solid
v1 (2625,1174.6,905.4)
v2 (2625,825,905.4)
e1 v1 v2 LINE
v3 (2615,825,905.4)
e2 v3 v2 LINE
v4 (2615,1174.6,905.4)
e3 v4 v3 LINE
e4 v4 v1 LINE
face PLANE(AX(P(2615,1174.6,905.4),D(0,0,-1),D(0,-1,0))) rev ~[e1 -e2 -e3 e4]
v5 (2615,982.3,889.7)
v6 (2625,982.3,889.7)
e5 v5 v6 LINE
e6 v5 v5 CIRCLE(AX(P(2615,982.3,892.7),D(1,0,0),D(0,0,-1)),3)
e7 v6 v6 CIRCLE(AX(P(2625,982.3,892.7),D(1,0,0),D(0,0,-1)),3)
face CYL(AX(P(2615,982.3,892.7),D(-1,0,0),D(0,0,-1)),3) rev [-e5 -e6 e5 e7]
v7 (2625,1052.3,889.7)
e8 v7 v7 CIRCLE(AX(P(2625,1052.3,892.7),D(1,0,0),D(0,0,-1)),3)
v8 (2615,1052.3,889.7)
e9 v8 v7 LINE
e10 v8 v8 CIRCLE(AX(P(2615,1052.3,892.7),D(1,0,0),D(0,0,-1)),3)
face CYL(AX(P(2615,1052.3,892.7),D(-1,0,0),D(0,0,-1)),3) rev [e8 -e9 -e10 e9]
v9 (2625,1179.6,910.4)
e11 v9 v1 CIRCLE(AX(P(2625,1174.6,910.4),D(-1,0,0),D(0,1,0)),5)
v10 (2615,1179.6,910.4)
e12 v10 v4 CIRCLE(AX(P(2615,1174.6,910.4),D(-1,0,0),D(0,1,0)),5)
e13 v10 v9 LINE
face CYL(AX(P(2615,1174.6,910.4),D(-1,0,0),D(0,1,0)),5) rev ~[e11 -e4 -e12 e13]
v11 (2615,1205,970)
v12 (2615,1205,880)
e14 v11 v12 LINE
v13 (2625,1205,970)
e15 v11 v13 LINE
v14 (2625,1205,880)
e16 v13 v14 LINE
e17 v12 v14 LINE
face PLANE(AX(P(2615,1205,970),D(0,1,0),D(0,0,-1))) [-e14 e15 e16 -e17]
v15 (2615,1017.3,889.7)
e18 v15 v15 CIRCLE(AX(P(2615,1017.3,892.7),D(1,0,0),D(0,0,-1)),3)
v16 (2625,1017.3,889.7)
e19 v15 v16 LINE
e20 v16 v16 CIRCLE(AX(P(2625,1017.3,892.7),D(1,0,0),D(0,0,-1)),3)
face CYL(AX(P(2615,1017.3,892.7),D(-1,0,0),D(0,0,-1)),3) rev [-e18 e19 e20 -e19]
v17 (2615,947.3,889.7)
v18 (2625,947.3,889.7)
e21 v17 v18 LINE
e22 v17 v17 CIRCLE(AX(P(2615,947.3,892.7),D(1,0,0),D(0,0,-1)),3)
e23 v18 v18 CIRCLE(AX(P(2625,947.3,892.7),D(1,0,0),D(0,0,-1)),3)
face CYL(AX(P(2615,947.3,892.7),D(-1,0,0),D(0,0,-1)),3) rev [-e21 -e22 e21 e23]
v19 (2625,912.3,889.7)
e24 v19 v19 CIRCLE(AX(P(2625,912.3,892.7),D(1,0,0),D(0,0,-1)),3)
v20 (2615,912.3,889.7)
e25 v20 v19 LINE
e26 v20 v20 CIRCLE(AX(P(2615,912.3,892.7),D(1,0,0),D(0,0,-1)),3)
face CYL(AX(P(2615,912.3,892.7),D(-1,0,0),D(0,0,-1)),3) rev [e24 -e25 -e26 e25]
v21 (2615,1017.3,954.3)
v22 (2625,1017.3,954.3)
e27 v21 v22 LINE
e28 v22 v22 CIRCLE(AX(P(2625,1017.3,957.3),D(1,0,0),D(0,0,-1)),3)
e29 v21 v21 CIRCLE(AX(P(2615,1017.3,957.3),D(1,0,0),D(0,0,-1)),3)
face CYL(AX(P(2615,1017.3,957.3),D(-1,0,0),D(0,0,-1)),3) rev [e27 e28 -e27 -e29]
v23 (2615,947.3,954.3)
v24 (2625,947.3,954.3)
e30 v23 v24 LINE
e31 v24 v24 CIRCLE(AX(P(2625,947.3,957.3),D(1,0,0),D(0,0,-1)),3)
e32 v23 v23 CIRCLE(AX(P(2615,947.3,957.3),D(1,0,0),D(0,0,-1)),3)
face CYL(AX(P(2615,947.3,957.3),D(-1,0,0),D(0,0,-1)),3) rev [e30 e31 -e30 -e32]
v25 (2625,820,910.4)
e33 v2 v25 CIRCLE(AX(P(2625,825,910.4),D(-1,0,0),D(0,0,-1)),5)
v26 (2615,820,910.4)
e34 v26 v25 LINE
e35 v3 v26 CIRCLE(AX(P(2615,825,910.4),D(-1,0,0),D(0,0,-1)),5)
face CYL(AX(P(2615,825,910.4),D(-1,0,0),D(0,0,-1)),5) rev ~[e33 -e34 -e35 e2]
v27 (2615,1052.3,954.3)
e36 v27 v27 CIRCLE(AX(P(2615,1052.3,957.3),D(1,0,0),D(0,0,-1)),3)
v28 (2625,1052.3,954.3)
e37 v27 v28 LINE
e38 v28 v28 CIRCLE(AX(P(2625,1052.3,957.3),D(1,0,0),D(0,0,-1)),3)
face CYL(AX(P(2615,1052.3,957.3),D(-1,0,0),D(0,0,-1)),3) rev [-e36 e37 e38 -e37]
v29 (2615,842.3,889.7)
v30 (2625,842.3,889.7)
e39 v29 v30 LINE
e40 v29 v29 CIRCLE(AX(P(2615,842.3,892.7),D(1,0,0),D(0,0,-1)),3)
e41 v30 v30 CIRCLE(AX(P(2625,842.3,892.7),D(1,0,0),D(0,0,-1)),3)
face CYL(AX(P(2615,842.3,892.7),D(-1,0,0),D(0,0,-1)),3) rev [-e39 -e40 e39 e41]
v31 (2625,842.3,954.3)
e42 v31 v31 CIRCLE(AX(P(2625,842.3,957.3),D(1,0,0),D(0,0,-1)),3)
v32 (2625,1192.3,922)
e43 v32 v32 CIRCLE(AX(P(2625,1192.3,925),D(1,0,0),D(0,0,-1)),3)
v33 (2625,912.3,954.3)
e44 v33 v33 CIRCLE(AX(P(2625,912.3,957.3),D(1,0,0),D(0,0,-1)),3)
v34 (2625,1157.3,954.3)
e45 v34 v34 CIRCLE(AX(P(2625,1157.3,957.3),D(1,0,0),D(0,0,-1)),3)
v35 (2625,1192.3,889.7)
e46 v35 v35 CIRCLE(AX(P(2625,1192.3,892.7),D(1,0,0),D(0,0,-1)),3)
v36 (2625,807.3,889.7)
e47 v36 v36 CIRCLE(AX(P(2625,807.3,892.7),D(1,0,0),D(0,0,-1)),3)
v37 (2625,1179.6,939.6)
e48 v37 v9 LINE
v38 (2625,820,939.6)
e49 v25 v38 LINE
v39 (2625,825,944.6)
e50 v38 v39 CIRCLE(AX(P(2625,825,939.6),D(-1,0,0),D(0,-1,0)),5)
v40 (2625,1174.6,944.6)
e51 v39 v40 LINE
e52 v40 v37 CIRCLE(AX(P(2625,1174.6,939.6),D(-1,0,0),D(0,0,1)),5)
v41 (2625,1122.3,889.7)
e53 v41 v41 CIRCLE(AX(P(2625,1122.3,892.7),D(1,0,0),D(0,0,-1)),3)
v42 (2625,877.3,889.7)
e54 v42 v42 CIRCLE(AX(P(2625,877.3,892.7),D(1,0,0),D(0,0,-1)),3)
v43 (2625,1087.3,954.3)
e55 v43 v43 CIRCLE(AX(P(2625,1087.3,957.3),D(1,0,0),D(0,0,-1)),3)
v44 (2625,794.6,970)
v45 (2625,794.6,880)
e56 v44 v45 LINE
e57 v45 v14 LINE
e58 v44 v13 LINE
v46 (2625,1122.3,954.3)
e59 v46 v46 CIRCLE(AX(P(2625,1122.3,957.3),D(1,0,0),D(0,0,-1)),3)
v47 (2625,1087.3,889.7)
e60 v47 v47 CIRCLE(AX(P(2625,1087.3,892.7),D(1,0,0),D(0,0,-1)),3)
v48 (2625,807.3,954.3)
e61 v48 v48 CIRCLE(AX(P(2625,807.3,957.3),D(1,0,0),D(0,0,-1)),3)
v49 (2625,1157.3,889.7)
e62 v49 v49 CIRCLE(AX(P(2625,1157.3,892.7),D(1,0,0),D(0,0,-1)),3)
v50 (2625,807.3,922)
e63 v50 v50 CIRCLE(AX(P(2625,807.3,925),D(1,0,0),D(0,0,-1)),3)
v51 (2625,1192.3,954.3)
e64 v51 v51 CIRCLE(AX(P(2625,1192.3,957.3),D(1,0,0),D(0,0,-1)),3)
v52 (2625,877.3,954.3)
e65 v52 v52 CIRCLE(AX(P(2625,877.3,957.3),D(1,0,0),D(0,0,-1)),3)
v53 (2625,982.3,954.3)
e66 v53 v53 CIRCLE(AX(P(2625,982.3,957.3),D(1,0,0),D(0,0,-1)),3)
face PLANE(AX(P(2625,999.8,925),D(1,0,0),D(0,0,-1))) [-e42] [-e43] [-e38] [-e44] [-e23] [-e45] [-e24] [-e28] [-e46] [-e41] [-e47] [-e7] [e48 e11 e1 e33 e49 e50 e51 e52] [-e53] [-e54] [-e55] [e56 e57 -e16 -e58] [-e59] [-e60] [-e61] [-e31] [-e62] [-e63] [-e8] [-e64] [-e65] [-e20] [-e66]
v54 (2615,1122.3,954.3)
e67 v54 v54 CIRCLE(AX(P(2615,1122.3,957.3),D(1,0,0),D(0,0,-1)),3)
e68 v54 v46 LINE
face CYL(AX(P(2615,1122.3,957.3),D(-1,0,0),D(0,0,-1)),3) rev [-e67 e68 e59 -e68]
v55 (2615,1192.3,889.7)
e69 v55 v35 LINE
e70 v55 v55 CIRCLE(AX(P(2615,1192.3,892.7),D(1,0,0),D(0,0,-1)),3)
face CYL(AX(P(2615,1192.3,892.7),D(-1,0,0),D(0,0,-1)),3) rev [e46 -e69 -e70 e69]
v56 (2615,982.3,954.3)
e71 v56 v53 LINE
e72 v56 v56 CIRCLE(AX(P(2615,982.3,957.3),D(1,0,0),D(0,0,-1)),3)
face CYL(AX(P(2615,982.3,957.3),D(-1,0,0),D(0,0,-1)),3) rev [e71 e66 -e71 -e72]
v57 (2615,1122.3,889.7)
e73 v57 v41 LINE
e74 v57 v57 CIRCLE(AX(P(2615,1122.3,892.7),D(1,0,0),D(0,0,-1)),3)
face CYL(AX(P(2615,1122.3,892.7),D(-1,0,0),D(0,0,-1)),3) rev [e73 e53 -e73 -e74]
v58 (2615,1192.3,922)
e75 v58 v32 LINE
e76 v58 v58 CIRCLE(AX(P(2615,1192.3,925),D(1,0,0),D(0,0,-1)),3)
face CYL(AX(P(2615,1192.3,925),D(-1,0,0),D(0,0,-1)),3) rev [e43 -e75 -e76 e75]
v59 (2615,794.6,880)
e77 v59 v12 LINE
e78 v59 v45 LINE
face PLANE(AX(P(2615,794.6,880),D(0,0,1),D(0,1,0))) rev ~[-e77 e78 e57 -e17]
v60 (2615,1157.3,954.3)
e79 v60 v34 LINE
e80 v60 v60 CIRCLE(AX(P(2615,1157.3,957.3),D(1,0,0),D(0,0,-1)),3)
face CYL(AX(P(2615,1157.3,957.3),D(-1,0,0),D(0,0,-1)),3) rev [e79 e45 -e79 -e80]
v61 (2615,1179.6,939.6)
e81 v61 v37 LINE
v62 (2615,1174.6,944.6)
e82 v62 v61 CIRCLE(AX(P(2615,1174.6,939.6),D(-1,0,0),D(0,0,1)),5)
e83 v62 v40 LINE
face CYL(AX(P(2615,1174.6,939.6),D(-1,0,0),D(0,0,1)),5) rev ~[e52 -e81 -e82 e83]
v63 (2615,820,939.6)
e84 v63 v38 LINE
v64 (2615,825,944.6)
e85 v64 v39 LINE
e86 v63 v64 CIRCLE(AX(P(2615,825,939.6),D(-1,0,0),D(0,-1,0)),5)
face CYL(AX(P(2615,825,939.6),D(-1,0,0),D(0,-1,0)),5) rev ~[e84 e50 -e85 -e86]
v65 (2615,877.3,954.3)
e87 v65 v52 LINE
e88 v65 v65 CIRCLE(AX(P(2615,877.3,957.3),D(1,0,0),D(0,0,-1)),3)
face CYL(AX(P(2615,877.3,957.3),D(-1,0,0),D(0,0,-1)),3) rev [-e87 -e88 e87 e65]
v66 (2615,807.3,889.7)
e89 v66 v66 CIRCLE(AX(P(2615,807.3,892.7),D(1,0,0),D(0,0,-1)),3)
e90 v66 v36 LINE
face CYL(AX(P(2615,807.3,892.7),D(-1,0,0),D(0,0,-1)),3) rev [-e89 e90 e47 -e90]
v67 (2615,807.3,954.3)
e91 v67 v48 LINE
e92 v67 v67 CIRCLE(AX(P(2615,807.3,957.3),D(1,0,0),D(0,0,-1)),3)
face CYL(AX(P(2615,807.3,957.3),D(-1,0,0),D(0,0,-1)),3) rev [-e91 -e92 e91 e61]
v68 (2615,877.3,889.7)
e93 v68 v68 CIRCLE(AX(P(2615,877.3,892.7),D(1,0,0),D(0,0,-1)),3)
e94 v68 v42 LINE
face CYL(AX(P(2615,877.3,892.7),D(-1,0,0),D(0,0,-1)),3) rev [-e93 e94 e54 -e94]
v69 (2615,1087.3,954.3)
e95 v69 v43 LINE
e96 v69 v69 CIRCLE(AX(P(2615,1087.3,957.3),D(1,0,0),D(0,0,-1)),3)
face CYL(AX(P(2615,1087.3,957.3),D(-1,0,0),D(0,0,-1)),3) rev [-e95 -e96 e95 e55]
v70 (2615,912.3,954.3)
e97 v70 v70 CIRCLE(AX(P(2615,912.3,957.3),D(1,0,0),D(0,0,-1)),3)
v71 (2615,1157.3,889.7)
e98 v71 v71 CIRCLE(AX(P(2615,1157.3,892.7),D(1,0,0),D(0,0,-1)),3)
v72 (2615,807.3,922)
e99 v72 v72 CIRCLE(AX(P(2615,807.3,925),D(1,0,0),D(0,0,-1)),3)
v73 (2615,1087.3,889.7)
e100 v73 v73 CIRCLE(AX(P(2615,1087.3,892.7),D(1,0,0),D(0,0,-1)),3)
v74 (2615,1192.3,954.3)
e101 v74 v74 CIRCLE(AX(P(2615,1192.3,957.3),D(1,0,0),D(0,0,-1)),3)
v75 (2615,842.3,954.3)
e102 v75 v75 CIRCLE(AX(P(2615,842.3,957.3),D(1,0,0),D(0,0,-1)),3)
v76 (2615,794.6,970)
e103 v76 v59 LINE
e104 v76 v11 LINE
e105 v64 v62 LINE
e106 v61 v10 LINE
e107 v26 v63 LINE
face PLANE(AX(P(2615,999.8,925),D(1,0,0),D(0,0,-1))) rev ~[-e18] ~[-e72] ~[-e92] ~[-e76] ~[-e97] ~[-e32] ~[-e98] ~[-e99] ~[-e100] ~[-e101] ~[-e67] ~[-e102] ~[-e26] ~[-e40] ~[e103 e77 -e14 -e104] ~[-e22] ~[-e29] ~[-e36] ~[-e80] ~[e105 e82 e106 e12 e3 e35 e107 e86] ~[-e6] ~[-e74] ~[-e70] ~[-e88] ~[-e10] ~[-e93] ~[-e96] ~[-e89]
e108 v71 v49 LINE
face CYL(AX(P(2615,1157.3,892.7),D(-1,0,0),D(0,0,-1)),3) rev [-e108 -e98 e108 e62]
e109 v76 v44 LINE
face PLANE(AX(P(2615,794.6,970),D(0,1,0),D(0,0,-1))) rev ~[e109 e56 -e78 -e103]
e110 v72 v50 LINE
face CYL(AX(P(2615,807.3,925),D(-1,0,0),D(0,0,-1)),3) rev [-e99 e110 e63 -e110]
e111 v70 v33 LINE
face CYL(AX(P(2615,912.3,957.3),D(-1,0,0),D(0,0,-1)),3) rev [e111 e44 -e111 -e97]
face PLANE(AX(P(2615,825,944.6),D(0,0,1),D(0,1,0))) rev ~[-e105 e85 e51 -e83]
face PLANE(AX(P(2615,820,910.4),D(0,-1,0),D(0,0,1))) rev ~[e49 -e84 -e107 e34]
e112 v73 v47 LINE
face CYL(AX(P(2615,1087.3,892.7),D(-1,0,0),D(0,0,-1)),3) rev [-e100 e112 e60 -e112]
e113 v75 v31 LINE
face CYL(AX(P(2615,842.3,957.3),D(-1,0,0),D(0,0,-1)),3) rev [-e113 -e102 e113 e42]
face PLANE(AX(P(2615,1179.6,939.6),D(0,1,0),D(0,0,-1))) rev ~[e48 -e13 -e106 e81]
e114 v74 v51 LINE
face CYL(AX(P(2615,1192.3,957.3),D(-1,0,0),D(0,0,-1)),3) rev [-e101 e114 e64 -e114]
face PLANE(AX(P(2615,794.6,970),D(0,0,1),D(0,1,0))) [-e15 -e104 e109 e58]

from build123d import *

# Parameters (mm, degrees)
SKETCH1_W           = 90
SKETCH1_H           = 410.4
SKETCH1_R           = 3
BOSS_EXTRUDE1_DEPTH = 10


with BuildPart() as part:
    # Sketch1 → Boss-Extrude1 (new body)
    with BuildSketch(Plane(origin=(2615, 0, 0), x_dir=(0, 0, -1), z_dir=(1, 0, 0))):
        with Locations((-925, 999.8)):
            Rectangle(SKETCH1_W, SKETCH1_H)
        with Locations((-957.3, 807.3)):
            Circle(SKETCH1_R, mode=Mode.SUBTRACT)
        with Locations((-892.7, 807.3)):
            Circle(SKETCH1_R, mode=Mode.SUBTRACT)
        with Locations((-957.3, 842.3)):
            Circle(SKETCH1_R, mode=Mode.SUBTRACT)
        with Locations((-892.7, 842.3)):
            Circle(SKETCH1_R, mode=Mode.SUBTRACT)
        with Locations((-957.3, 877.3)):
            Circle(SKETCH1_R, mode=Mode.SUBTRACT)
        with Locations((-892.7, 877.3)):
            Circle(SKETCH1_R, mode=Mode.SUBTRACT)
        with Locations((-957.3, 912.3)):
            Circle(SKETCH1_R, mode=Mode.SUBTRACT)
        with Locations((-892.7, 912.3)):
            Circle(SKETCH1_R, mode=Mode.SUBTRACT)
        with Locations((-957.3, 947.3)):
            Circle(SKETCH1_R, mode=Mode.SUBTRACT)
        with Locations((-892.7, 947.3)):
            Circle(SKETCH1_R, mode=Mode.SUBTRACT)
        with Locations((-957.3, 982.3)):
            Circle(SKETCH1_R, mode=Mode.SUBTRACT)
        with Locations((-892.7, 982.3)):
            Circle(SKETCH1_R, mode=Mode.SUBTRACT)
        with Locations((-957.3, 1017.3)):
            Circle(SKETCH1_R, mode=Mode.SUBTRACT)
        with Locations((-892.7, 1017.3)):
            Circle(SKETCH1_R, mode=Mode.SUBTRACT)
        with Locations((-957.3, 1052.3)):
            Circle(SKETCH1_R, mode=Mode.SUBTRACT)
        with Locations((-892.7, 1052.3)):
            Circle(SKETCH1_R, mode=Mode.SUBTRACT)
        with Locations((-957.3, 1087.3)):
            Circle(SKETCH1_R, mode=Mode.SUBTRACT)
        with Locations((-892.7, 1087.3)):
            Circle(SKETCH1_R, mode=Mode.SUBTRACT)
        with Locations((-957.3, 1122.3)):
            Circle(SKETCH1_R, mode=Mode.SUBTRACT)
        with Locations((-892.7, 1122.3)):
            Circle(SKETCH1_R, mode=Mode.SUBTRACT)
        with Locations((-957.3, 1157.3)):
            Circle(SKETCH1_R, mode=Mode.SUBTRACT)
        with Locations((-892.7, 1157.3)):
            Circle(SKETCH1_R, mode=Mode.SUBTRACT)
        with Locations((-957.3, 1192.3)):
            Circle(SKETCH1_R, mode=Mode.SUBTRACT)
        with Locations((-892.7, 1192.3)):
            Circle(SKETCH1_R, mode=Mode.SUBTRACT)
        with Locations((-925, 807.3)):
            Circle(SKETCH1_R, mode=Mode.SUBTRACT)
        with Locations((-925, 1192.3)):
            Circle(SKETCH1_R, mode=Mode.SUBTRACT)
        with BuildLine():
            Line((-939.6, 1179.6), (-910.4, 1179.6))
            ThreePointArc((-910.4, 1179.6), (-906.864466094, 1178.135533906), (-905.4, 1174.6))
            Line((-905.4, 1174.6), (-905.4, 825))
            ThreePointArc((-905.4, 825), (-906.864466094, 821.464466094), (-910.4, 820))
            Line((-910.4, 820), (-939.6, 820))
            ThreePointArc((-939.6, 820), (-943.135533906, 821.464466094), (-944.6, 825))
            Line((-944.6, 825), (-944.6, 1174.6))
            ThreePointArc((-944.6, 1174.6), (-943.135533906, 1178.135533906), (-939.6, 1179.6))
        make_face(mode=Mode.SUBTRACT)
    extrude(amount=BOSS_EXTRUDE1_DEPTH)


solid = part.part
